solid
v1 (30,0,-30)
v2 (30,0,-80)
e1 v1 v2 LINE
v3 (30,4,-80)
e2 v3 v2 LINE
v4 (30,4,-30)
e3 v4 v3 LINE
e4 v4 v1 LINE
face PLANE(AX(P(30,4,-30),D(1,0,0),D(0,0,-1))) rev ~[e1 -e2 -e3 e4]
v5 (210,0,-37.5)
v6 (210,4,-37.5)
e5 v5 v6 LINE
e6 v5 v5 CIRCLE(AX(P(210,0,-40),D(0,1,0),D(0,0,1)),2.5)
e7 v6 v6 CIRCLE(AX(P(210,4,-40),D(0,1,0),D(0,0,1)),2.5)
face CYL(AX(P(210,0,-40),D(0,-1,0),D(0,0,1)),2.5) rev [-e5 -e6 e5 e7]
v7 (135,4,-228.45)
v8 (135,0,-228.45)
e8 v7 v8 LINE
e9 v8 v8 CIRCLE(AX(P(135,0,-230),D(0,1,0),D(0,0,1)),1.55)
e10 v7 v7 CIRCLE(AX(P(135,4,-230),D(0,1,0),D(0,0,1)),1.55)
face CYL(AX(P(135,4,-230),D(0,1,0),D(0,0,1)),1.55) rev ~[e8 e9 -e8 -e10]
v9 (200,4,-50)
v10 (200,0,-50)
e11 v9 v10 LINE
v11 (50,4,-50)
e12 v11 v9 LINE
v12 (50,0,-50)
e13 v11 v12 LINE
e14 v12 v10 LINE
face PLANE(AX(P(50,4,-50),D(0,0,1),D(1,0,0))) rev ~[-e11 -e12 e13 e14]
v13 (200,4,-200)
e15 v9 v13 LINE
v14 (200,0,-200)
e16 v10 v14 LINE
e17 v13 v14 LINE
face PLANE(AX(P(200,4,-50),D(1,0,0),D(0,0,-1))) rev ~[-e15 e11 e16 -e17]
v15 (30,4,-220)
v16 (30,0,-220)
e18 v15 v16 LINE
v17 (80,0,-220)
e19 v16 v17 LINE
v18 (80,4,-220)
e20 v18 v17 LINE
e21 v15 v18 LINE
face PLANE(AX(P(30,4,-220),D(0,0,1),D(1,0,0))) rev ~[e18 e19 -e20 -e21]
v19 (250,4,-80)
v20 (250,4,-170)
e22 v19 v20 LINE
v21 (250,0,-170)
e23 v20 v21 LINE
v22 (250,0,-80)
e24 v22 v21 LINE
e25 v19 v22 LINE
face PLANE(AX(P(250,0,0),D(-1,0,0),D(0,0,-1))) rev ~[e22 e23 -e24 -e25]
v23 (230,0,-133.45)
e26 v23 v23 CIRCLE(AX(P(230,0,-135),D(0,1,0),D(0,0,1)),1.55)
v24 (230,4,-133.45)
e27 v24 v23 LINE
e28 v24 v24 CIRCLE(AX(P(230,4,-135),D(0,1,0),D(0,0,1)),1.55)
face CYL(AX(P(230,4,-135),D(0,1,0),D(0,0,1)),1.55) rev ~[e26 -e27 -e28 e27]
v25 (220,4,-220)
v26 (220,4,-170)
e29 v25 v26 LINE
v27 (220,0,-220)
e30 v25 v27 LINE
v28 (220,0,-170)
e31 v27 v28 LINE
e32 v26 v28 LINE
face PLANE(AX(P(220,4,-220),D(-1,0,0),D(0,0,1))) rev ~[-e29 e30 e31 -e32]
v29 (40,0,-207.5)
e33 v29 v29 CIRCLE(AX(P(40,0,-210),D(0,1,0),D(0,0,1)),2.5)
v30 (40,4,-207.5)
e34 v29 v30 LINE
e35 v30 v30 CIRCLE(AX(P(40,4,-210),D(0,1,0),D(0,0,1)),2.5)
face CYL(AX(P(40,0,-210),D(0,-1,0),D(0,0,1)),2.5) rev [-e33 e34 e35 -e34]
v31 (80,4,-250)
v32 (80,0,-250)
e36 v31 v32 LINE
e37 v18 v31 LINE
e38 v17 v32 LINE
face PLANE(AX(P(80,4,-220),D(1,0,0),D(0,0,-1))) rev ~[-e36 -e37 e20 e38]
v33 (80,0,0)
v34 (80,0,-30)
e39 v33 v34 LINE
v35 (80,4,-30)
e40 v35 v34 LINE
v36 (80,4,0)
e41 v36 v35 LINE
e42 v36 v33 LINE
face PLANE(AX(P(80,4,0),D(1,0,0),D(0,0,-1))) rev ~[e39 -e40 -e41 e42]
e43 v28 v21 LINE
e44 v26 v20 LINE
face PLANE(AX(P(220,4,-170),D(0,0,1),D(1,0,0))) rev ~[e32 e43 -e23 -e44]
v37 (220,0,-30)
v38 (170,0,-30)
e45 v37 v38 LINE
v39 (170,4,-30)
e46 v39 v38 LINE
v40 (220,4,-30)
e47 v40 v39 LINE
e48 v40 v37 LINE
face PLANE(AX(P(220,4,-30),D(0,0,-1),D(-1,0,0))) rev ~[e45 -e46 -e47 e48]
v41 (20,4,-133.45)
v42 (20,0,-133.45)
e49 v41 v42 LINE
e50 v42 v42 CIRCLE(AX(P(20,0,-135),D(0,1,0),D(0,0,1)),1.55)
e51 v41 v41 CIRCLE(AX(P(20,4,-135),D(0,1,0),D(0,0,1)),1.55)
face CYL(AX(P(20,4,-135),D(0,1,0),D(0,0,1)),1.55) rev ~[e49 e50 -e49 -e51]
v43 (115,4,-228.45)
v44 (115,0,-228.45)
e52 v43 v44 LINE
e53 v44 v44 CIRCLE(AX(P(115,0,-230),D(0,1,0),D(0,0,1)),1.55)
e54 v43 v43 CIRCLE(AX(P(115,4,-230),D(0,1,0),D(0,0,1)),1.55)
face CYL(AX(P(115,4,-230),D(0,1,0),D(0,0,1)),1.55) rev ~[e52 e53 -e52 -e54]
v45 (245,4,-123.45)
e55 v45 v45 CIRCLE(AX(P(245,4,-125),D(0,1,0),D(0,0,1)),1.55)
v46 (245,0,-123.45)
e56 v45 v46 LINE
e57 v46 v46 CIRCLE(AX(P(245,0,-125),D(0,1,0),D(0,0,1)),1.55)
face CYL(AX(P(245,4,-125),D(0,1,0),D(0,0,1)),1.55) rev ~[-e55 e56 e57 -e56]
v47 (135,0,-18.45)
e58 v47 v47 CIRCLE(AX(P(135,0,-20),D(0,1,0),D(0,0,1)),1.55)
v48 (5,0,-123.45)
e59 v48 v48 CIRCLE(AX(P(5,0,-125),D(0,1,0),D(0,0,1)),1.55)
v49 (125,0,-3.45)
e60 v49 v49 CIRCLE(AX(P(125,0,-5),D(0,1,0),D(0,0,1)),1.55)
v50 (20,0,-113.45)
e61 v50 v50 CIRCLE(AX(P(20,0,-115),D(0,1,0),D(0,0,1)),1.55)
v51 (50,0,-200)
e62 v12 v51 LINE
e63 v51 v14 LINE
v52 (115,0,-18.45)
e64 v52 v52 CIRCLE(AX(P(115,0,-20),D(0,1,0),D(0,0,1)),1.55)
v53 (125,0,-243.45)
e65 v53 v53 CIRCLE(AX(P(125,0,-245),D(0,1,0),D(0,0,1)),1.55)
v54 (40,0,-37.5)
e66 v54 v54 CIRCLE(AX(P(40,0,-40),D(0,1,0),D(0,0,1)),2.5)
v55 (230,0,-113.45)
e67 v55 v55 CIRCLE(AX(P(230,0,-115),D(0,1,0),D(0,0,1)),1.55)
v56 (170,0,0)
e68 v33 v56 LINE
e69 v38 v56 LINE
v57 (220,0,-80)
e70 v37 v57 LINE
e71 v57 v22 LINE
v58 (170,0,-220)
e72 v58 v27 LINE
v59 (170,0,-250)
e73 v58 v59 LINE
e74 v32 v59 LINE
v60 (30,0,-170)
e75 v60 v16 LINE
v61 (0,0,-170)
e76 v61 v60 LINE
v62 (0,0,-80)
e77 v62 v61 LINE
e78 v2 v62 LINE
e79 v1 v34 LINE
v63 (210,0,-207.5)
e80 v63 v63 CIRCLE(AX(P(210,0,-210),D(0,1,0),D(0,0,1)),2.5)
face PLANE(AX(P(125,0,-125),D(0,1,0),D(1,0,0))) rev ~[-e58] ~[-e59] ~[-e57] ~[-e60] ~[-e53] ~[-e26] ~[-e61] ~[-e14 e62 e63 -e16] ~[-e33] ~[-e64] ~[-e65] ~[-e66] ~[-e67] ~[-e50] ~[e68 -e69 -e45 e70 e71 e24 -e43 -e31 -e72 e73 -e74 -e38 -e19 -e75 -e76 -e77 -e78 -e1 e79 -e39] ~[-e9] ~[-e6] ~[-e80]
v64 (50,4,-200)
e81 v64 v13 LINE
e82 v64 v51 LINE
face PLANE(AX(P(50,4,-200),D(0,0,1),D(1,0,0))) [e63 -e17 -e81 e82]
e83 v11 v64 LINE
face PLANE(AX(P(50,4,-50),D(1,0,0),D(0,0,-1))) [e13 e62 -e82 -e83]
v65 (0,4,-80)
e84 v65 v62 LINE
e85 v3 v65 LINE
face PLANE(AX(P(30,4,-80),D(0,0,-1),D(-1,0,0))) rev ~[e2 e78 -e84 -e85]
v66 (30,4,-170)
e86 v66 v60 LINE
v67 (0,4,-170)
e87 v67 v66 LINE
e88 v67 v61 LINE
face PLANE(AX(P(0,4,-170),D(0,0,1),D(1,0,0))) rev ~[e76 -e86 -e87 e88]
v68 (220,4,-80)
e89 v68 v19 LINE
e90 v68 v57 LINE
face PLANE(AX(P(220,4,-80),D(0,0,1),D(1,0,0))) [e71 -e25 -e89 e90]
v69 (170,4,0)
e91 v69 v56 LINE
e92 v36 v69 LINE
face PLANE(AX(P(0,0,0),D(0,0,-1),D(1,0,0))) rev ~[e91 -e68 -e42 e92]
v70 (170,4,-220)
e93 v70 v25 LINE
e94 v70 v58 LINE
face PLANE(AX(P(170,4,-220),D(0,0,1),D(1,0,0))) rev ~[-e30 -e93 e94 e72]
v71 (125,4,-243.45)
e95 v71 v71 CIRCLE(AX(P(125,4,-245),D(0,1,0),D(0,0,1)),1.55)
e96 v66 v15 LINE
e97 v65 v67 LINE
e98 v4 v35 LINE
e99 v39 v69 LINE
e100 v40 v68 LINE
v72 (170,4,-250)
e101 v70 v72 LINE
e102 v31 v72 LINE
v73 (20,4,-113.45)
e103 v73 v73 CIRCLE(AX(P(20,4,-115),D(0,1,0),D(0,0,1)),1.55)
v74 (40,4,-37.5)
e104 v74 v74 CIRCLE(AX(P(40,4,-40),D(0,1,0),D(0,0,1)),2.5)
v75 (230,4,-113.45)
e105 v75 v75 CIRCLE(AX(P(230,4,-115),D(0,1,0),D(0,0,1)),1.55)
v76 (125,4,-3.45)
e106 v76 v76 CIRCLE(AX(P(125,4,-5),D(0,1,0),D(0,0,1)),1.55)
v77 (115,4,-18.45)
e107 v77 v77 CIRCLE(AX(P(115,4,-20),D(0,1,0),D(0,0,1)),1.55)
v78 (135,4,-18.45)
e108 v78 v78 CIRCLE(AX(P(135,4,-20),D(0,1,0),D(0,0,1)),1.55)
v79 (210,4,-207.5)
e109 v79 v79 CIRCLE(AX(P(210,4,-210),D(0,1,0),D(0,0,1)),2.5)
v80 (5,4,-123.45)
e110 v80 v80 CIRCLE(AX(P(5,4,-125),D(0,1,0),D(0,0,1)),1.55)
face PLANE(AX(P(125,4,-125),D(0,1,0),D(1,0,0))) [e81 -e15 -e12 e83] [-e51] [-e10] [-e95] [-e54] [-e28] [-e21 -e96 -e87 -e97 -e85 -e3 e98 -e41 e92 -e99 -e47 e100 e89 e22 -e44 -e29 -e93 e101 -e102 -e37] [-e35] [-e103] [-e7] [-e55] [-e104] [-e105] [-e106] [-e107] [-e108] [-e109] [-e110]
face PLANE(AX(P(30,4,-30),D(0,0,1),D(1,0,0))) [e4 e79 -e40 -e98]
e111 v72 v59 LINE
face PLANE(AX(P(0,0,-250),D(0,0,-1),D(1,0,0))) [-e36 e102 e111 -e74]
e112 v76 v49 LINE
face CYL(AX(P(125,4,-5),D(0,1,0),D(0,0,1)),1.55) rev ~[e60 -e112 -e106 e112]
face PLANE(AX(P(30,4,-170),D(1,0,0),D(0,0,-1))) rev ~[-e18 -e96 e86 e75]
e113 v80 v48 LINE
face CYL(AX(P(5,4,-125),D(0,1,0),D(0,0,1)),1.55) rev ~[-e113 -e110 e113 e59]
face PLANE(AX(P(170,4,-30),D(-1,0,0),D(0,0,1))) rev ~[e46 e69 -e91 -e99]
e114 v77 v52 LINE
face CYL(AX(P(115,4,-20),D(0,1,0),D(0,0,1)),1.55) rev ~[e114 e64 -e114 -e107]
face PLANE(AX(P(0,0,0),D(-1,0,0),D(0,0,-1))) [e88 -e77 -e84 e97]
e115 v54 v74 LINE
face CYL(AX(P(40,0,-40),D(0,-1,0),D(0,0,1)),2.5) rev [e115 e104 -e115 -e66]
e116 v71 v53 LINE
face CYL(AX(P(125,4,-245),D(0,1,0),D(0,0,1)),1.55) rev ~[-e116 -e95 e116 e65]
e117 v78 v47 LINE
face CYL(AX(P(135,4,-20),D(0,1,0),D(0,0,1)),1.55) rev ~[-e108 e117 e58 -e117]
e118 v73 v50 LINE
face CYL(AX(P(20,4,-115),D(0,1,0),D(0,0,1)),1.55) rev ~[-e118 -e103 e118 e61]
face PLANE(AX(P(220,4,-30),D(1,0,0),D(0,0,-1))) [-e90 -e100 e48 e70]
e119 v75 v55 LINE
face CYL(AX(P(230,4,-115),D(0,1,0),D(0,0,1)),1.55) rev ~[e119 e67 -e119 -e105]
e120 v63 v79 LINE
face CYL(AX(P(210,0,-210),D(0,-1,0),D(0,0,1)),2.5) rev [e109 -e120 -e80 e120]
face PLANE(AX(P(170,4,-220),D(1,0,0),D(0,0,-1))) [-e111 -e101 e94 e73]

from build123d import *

# Parameters (mm, degrees)
CROQUIS1_W              = 250
CROQUIS1_H              = 250
CROQUIS1_R              = 2.5
SALIENTE_EXTRUIR1_DEPTH = 4
CORTAR_EXTRUIR1_DEPTH   = 4
CROQUIS3_W              = 150
CROQUIS3_H              = 150
CROQUIS3_W_2            = 100
CROQUIS3_H_2            = 100
SALIENTE_EXTRUIR2_DEPTH = 4
CROQUIS4_R              = 1.55
CORTAR_EXTRUIR2_DEPTH   = 10
CROQUIS5_W              = 150
CROQUIS5_H              = 150
CROQUIS5_W_2            = 100
CROQUIS5_H_2            = 100
CORTAR_EXTRUIR3_DEPTH   = 10
CROQUIS6_W              = 30
CROQUIS6_H              = 50
CROQUIS6_W_2            = 50
CROQUIS6_H_2            = 30
CORTAR_EXTRUIR4_DEPTH   = 10
CROQUIS8_R              = 1.55
CORTAR_EXTRUIR5_DEPTH   = 10


with BuildPart() as part:
    # Croquis1 → Saliente-Extruir1 (new body)
    with BuildSketch(Plane(origin=(0, 0, 0), x_dir=(1, 0, 0), z_dir=(0, 1, 0))):
        with Locations((125, 125)):
            Rectangle(CROQUIS1_W, CROQUIS1_H)
        with Locations(Location((40, 210, 0), (0, 0, 270))):
            Circle(CROQUIS1_R, mode=Mode.SUBTRACT)
        with Locations(Location((210, 210, 0), (0, 0, 270))):
            Circle(CROQUIS1_R, mode=Mode.SUBTRACT)
        with Locations(Location((210, 40, 0), (0, 0, 270))):
            Circle(CROQUIS1_R, mode=Mode.SUBTRACT)
        with Locations(Location((40, 40, 0), (0, 0, 270))):
            Circle(CROQUIS1_R, mode=Mode.SUBTRACT)
    extrude(amount=SALIENTE_EXTRUIR1_DEPTH)

    # Croquis2 → Cortar-Extruir1 (cut)
    with BuildSketch(Plane(origin=(0, 4, 0), x_dir=(1, 0, 0), z_dir=(0, 1, 0))):
        Polygon((50, 50), (200, 50), (200, 200), (50, 200), (50, 150.09044268), align=None)
    extrude(amount=-CORTAR_EXTRUIR1_DEPTH, mode=Mode.SUBTRACT)

    # Croquis3 → Saliente-Extruir2 (add)
    with BuildSketch(Plane(origin=(0, 4, 0), x_dir=(1, 0, 0), z_dir=(0, 1, 0))):
        with Locations((125, 125)):
            Rectangle(CROQUIS3_W, CROQUIS3_H)
        with Locations((125, 125)):
            Rectangle(CROQUIS3_W_2, CROQUIS3_H_2, mode=Mode.SUBTRACT)
    extrude(amount=-SALIENTE_EXTRUIR2_DEPTH)

    # Croquis4 → Cortar-Extruir2 (cut)
    with BuildSketch(Plane(origin=(0, 4, 0), x_dir=(1, 0, 0), z_dir=(0, 1, 0))):
        with Locations(Location((115, 20, 0), (0, 0, 270))):
            Circle(CROQUIS4_R)
        with Locations(Location((135, 20, 0), (0, 0, 270))):
            Circle(CROQUIS4_R)
        with Locations(Location((125, 5, 0), (0, 0, 270))):
            Circle(CROQUIS4_R)
    extrude(amount=-CORTAR_EXTRUIR2_DEPTH, mode=Mode.SUBTRACT)

    # Croquis5 → Cortar-Extruir3 (cut)
    with BuildSketch(Plane(origin=(0, 4, 0), x_dir=(1, 0, 0), z_dir=(0, 1, 0))):
        with Locations((125, 125)):
            Rectangle(CROQUIS5_W, CROQUIS5_H)
        with Locations((125, 125)):
            Rectangle(CROQUIS5_W_2, CROQUIS5_H_2, mode=Mode.SUBTRACT)
    extrude(amount=-CORTAR_EXTRUIR3_DEPTH, mode=Mode.SUBTRACT)

    # Croquis6 → Cortar-Extruir4 (cut)
    with BuildSketch(Plane(origin=(0, 4, 0), x_dir=(1, 0, 0), z_dir=(0, 1, 0))):
        Polygon((170, 0), (250, 0), (250, 30), (220, 30), (170, 30), align=None)
        with Locations((235, 55)):
            Rectangle(CROQUIS6_W, CROQUIS6_H)
        Polygon((0, 80), (0, 0), (30, 0), (30, 30), (30, 80), align=None)
        with Locations((55, 15)):
            Rectangle(CROQUIS6_W_2, CROQUIS6_H_2)
        Polygon((80, 250), (0, 250), (0, 220), (30, 220), (80, 220), align=None)
        with Locations((15, 195)):
            Rectangle(CROQUIS6_W, CROQUIS6_H)
        Polygon((250, 170), (250, 250), (220, 250), (220, 220), (220, 170), align=None)
        with Locations((195, 235)):
            Rectangle(CROQUIS6_W_2, CROQUIS6_H_2)
    extrude(amount=-CORTAR_EXTRUIR4_DEPTH, mode=Mode.SUBTRACT)

    # Croquis8 → Cortar-Extruir5 (cut)
    with BuildSketch(Plane(origin=(0, 4, 0), x_dir=(1, 0, 0), z_dir=(0, 1, 0))):
        with Locations(Location((125, 5, 0), (0, 0, 270))):
            Circle(CROQUIS8_R)
        with Locations(Location((135, 20, 0), (0, 0, 270))):
            Circle(CROQUIS8_R)
        with Locations(Location((115, 20, 0), (0, 0, 270))):
            Circle(CROQUIS8_R)
        with Locations(Location((20, 135, 0), (0, 0, 270))):
            Circle(CROQUIS8_R)
        with Locations(Location((5, 125, 0), (0, 0, 270))):
            Circle(CROQUIS8_R)
        with Locations(Location((20, 115, 0), (0, 0, 270))):
            Circle(CROQUIS8_R)
        with Locations(Location((135, 230, 0), (0, 0, 270))):
            Circle(CROQUIS8_R)
        with Locations(Location((125, 245, 0), (0, 0, 270))):
            Circle(CROQUIS8_R)
        with Locations(Location((115, 230, 0), (0, 0, 270))):
            Circle(CROQUIS8_R)
        with Locations(Location((230, 115, 0), (0, 0, 270))):
            Circle(CROQUIS8_R)
        with Locations(Location((245, 125, 0), (0, 0, 270))):
            Circle(CROQUIS8_R)
        with Locations(Location((230, 135, 0), (0, 0, 270))):
            Circle(CROQUIS8_R)
    extrude(amount=-CORTAR_EXTRUIR5_DEPTH, mode=Mode.SUBTRACT)


solid = part.part
